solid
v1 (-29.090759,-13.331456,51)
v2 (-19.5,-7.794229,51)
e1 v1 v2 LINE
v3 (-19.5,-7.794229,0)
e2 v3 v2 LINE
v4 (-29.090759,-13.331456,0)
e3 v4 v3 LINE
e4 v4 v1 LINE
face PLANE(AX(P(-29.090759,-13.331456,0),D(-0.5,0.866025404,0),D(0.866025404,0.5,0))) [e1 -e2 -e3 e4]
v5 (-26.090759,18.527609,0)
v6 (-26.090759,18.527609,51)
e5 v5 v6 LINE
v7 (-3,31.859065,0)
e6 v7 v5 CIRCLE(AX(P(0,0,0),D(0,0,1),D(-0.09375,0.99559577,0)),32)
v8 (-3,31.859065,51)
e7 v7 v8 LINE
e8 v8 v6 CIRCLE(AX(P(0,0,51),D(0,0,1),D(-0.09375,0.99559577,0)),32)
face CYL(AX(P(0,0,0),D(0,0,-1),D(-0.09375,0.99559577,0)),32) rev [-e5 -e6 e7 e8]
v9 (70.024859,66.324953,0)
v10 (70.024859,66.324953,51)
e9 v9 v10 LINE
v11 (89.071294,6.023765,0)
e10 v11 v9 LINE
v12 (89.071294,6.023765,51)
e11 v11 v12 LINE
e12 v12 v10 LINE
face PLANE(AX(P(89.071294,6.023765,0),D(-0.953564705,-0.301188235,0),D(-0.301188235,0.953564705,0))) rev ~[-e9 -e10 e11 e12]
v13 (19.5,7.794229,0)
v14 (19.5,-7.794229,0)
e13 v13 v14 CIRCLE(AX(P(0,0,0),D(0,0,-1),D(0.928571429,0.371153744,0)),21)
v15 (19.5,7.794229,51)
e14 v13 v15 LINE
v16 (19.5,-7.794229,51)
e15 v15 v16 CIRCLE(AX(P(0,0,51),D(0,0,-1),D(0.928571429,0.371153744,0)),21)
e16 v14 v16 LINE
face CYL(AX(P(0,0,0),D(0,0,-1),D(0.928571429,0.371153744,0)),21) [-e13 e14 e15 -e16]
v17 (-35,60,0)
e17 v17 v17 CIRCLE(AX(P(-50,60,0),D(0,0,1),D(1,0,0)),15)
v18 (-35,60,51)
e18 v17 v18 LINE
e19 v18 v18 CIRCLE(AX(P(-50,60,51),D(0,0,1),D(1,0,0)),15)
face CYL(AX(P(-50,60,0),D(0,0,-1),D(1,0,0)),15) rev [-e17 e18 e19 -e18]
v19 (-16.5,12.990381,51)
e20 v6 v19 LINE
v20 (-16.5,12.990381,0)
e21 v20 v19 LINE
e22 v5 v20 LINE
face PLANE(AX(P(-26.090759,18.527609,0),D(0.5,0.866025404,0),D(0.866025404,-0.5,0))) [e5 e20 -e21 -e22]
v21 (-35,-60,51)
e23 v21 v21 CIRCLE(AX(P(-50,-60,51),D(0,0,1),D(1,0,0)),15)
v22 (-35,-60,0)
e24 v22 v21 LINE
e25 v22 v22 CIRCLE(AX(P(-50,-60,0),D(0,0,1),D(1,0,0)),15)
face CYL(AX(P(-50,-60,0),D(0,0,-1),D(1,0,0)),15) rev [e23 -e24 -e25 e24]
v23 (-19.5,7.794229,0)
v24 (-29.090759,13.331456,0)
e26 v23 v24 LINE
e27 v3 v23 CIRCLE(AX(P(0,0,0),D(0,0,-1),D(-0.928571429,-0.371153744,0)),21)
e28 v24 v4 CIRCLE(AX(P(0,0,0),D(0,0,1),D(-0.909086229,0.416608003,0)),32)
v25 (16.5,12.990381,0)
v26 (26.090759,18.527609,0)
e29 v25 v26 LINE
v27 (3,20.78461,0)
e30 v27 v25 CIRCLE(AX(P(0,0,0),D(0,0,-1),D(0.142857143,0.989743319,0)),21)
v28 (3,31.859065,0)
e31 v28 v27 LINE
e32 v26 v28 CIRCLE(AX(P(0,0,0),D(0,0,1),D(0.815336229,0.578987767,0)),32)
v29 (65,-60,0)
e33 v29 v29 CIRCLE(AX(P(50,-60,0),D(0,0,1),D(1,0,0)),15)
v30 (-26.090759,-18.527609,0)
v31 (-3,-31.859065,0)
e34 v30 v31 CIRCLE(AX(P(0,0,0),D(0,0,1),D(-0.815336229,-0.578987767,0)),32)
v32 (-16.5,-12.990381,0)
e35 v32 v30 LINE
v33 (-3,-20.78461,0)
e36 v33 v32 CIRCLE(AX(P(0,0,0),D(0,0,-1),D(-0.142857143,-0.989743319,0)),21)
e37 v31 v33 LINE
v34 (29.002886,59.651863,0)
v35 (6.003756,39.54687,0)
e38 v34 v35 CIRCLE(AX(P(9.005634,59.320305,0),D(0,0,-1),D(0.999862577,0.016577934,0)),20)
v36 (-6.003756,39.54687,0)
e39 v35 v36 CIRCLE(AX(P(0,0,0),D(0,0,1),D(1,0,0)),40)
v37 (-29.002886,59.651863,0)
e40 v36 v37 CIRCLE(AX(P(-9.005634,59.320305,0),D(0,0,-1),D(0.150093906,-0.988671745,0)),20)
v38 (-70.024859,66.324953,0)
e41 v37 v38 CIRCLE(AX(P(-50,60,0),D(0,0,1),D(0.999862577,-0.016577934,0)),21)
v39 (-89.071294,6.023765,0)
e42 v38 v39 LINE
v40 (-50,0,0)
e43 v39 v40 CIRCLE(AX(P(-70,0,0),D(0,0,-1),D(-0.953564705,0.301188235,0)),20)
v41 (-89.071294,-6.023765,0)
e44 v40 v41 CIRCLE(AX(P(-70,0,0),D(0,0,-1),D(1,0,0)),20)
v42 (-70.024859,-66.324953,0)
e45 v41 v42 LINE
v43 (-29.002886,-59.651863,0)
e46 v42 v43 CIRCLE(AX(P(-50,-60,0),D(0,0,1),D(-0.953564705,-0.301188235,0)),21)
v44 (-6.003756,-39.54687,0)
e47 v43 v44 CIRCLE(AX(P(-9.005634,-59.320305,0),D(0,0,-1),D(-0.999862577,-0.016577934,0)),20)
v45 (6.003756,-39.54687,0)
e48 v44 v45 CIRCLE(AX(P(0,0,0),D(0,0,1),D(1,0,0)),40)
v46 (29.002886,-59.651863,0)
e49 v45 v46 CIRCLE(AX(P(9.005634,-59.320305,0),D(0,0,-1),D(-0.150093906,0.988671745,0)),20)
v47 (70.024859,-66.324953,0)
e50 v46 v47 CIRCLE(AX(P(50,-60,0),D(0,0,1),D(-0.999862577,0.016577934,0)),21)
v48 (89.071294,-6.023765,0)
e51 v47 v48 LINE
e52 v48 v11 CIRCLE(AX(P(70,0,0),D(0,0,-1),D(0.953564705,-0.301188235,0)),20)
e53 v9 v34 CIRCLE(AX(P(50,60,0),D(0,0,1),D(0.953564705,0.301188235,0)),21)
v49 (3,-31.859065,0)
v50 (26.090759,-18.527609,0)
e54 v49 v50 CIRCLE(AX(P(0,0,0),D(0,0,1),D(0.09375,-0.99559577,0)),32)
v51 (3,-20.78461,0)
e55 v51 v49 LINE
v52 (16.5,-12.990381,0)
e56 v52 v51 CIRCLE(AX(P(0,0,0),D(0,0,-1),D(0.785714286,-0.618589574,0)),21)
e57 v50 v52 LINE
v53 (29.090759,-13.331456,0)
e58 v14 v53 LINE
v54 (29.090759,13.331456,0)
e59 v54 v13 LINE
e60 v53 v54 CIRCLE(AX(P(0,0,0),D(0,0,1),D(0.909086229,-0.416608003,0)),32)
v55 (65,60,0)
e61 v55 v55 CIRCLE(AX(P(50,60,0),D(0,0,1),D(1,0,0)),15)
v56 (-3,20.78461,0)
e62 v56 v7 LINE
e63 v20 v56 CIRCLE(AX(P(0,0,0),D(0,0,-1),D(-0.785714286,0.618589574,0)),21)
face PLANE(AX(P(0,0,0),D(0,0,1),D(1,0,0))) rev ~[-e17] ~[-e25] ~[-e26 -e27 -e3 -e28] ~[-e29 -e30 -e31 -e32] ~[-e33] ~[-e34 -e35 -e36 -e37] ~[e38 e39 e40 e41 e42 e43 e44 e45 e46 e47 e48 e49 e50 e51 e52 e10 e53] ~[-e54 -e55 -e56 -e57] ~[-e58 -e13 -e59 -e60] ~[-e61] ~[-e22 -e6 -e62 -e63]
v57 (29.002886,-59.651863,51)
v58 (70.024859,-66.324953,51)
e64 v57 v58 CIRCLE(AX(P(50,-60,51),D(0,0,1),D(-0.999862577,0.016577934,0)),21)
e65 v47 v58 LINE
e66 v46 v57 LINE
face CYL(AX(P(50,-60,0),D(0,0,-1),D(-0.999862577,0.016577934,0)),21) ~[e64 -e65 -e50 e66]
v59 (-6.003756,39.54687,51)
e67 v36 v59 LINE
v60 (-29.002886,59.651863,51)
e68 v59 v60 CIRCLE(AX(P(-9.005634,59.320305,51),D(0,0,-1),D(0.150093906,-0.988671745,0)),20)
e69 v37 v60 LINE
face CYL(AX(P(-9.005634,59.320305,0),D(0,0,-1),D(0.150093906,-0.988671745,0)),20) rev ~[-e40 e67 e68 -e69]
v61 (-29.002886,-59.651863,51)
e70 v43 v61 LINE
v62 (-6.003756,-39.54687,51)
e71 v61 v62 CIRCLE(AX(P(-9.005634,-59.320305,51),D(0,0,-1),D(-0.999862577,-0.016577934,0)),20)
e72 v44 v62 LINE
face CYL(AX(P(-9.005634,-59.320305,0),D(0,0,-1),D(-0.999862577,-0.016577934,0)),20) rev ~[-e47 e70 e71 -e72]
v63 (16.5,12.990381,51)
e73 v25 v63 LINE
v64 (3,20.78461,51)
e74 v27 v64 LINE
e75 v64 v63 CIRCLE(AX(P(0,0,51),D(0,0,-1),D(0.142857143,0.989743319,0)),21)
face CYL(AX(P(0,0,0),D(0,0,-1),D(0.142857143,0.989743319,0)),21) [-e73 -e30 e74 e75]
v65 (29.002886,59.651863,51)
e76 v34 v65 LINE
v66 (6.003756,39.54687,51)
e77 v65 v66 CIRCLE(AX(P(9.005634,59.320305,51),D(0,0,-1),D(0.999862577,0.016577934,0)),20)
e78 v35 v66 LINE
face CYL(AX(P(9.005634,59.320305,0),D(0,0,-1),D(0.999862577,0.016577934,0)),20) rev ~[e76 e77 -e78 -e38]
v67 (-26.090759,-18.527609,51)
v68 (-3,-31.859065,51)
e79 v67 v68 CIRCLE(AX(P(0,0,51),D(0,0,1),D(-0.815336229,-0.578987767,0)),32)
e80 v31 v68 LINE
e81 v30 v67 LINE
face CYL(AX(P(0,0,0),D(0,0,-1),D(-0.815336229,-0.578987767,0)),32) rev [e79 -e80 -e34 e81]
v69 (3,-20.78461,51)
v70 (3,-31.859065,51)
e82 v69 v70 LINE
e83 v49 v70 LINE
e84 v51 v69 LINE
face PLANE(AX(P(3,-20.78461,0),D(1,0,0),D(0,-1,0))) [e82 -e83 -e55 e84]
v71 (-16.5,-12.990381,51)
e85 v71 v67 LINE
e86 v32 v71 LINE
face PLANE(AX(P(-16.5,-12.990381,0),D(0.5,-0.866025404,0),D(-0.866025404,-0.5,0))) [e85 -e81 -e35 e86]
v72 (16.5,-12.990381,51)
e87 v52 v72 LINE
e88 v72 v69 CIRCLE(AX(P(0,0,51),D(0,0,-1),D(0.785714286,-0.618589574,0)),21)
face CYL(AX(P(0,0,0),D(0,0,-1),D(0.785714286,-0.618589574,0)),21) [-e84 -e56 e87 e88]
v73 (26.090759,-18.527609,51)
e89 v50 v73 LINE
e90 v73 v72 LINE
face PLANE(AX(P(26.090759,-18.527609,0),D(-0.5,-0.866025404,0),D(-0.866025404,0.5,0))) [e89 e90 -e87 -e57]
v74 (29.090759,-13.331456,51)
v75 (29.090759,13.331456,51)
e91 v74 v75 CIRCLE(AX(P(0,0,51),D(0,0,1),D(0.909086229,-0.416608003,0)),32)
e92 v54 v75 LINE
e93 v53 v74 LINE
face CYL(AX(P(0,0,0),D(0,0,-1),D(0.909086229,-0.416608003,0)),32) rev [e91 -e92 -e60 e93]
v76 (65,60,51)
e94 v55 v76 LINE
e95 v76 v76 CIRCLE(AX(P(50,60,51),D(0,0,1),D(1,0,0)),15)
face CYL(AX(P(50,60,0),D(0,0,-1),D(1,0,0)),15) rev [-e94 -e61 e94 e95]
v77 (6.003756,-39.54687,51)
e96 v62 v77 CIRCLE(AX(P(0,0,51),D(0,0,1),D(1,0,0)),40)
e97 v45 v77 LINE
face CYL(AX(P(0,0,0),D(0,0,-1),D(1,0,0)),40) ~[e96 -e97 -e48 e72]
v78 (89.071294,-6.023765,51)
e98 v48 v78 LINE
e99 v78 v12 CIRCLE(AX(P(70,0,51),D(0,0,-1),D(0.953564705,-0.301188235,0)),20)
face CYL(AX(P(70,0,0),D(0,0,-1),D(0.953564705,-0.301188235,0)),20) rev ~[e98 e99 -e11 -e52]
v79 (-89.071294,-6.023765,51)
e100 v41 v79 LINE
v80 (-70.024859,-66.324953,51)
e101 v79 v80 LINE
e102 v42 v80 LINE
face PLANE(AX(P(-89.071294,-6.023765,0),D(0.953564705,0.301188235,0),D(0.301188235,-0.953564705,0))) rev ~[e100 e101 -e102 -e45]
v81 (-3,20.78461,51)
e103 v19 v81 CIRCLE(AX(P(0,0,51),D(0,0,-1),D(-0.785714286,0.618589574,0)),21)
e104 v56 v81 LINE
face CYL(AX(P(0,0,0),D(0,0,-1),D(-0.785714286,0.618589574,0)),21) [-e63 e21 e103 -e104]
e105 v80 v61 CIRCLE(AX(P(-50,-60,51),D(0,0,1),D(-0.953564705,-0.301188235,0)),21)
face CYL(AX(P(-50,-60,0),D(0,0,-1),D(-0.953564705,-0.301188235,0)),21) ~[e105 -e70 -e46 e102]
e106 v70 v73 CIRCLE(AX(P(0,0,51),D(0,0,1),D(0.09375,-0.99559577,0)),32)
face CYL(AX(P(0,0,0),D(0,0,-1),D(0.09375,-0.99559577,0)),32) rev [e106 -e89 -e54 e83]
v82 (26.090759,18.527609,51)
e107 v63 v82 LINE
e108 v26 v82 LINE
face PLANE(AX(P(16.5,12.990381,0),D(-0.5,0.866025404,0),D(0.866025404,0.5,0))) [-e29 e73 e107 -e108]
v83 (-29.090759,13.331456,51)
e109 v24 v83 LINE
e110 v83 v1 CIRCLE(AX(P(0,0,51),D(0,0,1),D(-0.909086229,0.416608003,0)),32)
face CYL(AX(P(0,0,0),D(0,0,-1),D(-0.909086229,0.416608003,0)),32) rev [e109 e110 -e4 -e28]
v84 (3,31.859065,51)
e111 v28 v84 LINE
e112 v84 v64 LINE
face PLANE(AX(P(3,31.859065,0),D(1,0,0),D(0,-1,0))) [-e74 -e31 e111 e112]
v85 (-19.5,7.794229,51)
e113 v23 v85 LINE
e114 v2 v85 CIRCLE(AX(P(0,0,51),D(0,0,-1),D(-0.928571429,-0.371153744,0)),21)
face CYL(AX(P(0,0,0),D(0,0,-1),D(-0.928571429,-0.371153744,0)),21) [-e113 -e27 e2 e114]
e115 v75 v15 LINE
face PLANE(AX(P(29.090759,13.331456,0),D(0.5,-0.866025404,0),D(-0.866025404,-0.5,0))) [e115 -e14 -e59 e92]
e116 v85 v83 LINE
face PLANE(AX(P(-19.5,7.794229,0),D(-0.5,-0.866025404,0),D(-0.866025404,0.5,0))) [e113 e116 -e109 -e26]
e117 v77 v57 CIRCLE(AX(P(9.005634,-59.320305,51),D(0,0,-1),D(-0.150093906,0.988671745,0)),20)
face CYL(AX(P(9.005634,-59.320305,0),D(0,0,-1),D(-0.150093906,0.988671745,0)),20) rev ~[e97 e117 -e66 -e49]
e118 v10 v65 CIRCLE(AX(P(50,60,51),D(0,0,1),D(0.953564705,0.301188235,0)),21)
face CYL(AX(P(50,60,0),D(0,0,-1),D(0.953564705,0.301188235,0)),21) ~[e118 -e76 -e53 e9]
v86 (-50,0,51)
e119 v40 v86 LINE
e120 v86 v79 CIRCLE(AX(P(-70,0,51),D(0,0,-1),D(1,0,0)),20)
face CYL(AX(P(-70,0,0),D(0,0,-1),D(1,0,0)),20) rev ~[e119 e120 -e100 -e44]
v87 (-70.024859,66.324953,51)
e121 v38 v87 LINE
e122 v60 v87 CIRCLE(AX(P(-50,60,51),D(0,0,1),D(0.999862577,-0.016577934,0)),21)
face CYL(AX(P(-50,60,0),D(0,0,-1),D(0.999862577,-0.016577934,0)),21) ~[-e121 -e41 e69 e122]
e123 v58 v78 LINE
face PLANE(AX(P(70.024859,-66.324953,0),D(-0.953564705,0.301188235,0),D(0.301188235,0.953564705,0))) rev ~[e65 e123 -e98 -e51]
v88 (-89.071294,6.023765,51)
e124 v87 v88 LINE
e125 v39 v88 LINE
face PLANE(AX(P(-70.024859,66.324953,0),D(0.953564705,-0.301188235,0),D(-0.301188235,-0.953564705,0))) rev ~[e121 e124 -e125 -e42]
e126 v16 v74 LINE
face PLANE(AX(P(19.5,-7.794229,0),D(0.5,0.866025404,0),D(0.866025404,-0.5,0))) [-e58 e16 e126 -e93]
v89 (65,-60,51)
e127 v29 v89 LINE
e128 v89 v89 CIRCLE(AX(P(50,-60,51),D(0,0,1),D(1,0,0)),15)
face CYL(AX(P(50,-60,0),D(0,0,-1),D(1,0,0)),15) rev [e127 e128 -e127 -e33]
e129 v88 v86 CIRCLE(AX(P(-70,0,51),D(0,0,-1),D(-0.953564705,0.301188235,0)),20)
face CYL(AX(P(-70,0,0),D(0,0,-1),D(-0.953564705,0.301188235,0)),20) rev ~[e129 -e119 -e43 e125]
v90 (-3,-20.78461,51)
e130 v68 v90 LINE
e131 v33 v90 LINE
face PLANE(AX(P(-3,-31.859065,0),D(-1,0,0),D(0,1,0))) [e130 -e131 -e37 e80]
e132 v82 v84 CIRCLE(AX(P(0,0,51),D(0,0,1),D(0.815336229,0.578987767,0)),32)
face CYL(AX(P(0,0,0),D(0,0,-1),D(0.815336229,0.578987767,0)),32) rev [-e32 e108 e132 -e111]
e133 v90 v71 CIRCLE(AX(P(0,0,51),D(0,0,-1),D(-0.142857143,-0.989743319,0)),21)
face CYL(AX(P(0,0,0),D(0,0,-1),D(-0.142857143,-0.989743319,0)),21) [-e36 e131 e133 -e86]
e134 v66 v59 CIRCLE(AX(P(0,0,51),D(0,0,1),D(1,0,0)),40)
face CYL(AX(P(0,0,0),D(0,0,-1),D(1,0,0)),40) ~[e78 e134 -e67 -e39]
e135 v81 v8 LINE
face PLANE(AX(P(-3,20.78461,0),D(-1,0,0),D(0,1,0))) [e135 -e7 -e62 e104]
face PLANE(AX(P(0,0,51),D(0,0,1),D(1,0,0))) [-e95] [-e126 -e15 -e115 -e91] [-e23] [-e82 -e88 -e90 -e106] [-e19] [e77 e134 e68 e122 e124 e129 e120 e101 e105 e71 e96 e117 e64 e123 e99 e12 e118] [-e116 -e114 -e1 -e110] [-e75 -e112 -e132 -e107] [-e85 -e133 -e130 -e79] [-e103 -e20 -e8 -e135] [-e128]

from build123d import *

# Parameters (mm, degrees)
SKETCH1_R           = 15
SKETCH1_R_2         = 40
BOSS_EXTRUDE4_DEPTH = 51


with BuildPart() as part:
    # Sketch1 → Boss-Extrude4 (new body)
    # profile 1 of 3: a face of its own
    with BuildSketch(Plane.XY):
        with BuildLine():
            ThreePointArc((-29.002885891, 59.651863383), (-46.6282273, 80.727545655), (-70.02485881, 66.324952937))
            Line((-70.02485881, 66.324952937), (-89.071294105, 6.023764702))
            ThreePointArc((-89.071294105, 6.023764702), (-66.95253237, 19.766460003), (-50, 0))
            ThreePointArc((-50, 0), (-66.95253237, -19.766460003), (-89.071294105, -6.023764702))
            Line((-89.071294105, -6.023764702), (-70.02485881, -66.324952937))
            ThreePointArc((-70.02485881, -66.324952937), (-46.6282273, -80.727545655), (-29.002885891, -59.651863383))
            ThreePointArc((-29.002885891, -59.651863383), (-22.168588856, -44.262528341), (-6.003756239, -39.546869801))
            ThreePointArc((-6.003756239, -39.546869801), (-40, 0), (-6.003756239, 39.546869801))
            ThreePointArc((-6.003756239, 39.546869801), (-22.168588856, 44.262528341), (-29.002885891, 59.651863383))
        make_face()
        with Locations((-50, -60)):
            Circle(SKETCH1_R, mode=Mode.SUBTRACT)
        with Locations((-50, 60)):
            Circle(SKETCH1_R, mode=Mode.SUBTRACT)
    # profile 2 of 3: a face of its own
    with BuildSketch(Plane.XY):
        with BuildLine():
            ThreePointArc((29.002885891, 59.651863383), (22.168588856, 44.262528341), (6.003756239, 39.546869801))
            ThreePointArc((6.003756239, 39.546869801), (30.332740146, 26.075369129), (40, 0))
            ThreePointArc((40, 0), (30.332740146, -26.075369129), (6.003756239, -39.546869801))
            ThreePointArc((6.003756239, -39.546869801), (22.168588856, -44.262528341), (29.002885891, -59.651863383))
            ThreePointArc((29.002885891, -59.651863383), (46.6282273, -80.727545655), (70.02485881, -66.324952937))
            Line((70.02485881, -66.324952937), (89.071294105, -6.023764702))
            ThreePointArc((89.071294105, -6.023764702), (50, 0), (89.071294105, 6.023764702))
            Line((89.071294105, 6.023764702), (70.02485881, 66.324952937))
            ThreePointArc((70.02485881, 66.324952937), (46.6282273, 80.727545655), (29.002885891, 59.651863383))
        make_face()
        with Locations((50, -60)):
            Circle(SKETCH1_R, mode=Mode.SUBTRACT)
        with Locations((50, 60)):
            Circle(SKETCH1_R, mode=Mode.SUBTRACT)
    # profile 3 of 3: a face of its own
    with BuildSketch(Plane.XY):
        Circle(SKETCH1_R_2)
        with BuildLine():
            ThreePointArc((26.090759323, 18.527608533), (16, 27.712812921), (3, 31.859064644))
            Line((3, 31.859064644), (3, 20.784609691))
            ThreePointArc((3, 20.784609691), (10.5, 18.186533479), (16.5, 12.990381057))
            Line((16.5, 12.990381057), (26.090759323, 18.527608533))
        make_face(mode=Mode.SUBTRACT)
        with BuildLine():
            Line((3, -20.784609691), (3, -31.859064644))
            ThreePointArc((3, -31.859064644), (16, -27.712812921), (26.090759323, -18.527608533))
            Line((26.090759323, -18.527608533), (16.5, -12.990381057))
            ThreePointArc((16.5, -12.990381057), (10.5, -18.186533479), (3, -20.784609691))
        make_face(mode=Mode.SUBTRACT)
        with BuildLine():
            Line((19.5, -7.794228634), (29.090759323, -13.331456111))
            ThreePointArc((29.090759323, -13.331456111), (32, 0), (29.090759323, 13.331456111))
            Line((29.090759323, 13.331456111), (19.5, 7.794228634))
            ThreePointArc((19.5, 7.794228634), (21, 0), (19.5, -7.794228634))
        make_face(mode=Mode.SUBTRACT)
        with BuildLine():
            Line((-3, 20.784609691), (-3, 31.859064644))
            ThreePointArc((-3, 31.859064644), (-16, 27.712812921), (-26.090759323, 18.527608533))
            Line((-26.090759323, 18.527608533), (-16.5, 12.990381057))
            ThreePointArc((-16.5, 12.990381057), (-10.5, 18.186533479), (-3, 20.784609691))
        make_face(mode=Mode.SUBTRACT)
        with BuildLine():
            Line((-19.5, 7.794228634), (-29.090759323, 13.331456111))
            ThreePointArc((-29.090759323, 13.331456111), (-32, 0), (-29.090759323, -13.331456111))
            Line((-29.090759323, -13.331456111), (-19.5, -7.794228634))
            ThreePointArc((-19.5, -7.794228634), (-21, 0), (-19.5, 7.794228634))
        make_face(mode=Mode.SUBTRACT)
        with BuildLine():
            Line((-16.5, -12.990381057), (-26.090759323, -18.527608533))
            ThreePointArc((-26.090759323, -18.527608533), (-16, -27.712812921), (-3, -31.859064644))
            Line((-3, -31.859064644), (-3, -20.784609691))
            ThreePointArc((-3, -20.784609691), (-10.5, -18.186533479), (-16.5, -12.990381057))
        make_face(mode=Mode.SUBTRACT)
    extrude(amount=BOSS_EXTRUDE4_DEPTH)


solid = part.part
